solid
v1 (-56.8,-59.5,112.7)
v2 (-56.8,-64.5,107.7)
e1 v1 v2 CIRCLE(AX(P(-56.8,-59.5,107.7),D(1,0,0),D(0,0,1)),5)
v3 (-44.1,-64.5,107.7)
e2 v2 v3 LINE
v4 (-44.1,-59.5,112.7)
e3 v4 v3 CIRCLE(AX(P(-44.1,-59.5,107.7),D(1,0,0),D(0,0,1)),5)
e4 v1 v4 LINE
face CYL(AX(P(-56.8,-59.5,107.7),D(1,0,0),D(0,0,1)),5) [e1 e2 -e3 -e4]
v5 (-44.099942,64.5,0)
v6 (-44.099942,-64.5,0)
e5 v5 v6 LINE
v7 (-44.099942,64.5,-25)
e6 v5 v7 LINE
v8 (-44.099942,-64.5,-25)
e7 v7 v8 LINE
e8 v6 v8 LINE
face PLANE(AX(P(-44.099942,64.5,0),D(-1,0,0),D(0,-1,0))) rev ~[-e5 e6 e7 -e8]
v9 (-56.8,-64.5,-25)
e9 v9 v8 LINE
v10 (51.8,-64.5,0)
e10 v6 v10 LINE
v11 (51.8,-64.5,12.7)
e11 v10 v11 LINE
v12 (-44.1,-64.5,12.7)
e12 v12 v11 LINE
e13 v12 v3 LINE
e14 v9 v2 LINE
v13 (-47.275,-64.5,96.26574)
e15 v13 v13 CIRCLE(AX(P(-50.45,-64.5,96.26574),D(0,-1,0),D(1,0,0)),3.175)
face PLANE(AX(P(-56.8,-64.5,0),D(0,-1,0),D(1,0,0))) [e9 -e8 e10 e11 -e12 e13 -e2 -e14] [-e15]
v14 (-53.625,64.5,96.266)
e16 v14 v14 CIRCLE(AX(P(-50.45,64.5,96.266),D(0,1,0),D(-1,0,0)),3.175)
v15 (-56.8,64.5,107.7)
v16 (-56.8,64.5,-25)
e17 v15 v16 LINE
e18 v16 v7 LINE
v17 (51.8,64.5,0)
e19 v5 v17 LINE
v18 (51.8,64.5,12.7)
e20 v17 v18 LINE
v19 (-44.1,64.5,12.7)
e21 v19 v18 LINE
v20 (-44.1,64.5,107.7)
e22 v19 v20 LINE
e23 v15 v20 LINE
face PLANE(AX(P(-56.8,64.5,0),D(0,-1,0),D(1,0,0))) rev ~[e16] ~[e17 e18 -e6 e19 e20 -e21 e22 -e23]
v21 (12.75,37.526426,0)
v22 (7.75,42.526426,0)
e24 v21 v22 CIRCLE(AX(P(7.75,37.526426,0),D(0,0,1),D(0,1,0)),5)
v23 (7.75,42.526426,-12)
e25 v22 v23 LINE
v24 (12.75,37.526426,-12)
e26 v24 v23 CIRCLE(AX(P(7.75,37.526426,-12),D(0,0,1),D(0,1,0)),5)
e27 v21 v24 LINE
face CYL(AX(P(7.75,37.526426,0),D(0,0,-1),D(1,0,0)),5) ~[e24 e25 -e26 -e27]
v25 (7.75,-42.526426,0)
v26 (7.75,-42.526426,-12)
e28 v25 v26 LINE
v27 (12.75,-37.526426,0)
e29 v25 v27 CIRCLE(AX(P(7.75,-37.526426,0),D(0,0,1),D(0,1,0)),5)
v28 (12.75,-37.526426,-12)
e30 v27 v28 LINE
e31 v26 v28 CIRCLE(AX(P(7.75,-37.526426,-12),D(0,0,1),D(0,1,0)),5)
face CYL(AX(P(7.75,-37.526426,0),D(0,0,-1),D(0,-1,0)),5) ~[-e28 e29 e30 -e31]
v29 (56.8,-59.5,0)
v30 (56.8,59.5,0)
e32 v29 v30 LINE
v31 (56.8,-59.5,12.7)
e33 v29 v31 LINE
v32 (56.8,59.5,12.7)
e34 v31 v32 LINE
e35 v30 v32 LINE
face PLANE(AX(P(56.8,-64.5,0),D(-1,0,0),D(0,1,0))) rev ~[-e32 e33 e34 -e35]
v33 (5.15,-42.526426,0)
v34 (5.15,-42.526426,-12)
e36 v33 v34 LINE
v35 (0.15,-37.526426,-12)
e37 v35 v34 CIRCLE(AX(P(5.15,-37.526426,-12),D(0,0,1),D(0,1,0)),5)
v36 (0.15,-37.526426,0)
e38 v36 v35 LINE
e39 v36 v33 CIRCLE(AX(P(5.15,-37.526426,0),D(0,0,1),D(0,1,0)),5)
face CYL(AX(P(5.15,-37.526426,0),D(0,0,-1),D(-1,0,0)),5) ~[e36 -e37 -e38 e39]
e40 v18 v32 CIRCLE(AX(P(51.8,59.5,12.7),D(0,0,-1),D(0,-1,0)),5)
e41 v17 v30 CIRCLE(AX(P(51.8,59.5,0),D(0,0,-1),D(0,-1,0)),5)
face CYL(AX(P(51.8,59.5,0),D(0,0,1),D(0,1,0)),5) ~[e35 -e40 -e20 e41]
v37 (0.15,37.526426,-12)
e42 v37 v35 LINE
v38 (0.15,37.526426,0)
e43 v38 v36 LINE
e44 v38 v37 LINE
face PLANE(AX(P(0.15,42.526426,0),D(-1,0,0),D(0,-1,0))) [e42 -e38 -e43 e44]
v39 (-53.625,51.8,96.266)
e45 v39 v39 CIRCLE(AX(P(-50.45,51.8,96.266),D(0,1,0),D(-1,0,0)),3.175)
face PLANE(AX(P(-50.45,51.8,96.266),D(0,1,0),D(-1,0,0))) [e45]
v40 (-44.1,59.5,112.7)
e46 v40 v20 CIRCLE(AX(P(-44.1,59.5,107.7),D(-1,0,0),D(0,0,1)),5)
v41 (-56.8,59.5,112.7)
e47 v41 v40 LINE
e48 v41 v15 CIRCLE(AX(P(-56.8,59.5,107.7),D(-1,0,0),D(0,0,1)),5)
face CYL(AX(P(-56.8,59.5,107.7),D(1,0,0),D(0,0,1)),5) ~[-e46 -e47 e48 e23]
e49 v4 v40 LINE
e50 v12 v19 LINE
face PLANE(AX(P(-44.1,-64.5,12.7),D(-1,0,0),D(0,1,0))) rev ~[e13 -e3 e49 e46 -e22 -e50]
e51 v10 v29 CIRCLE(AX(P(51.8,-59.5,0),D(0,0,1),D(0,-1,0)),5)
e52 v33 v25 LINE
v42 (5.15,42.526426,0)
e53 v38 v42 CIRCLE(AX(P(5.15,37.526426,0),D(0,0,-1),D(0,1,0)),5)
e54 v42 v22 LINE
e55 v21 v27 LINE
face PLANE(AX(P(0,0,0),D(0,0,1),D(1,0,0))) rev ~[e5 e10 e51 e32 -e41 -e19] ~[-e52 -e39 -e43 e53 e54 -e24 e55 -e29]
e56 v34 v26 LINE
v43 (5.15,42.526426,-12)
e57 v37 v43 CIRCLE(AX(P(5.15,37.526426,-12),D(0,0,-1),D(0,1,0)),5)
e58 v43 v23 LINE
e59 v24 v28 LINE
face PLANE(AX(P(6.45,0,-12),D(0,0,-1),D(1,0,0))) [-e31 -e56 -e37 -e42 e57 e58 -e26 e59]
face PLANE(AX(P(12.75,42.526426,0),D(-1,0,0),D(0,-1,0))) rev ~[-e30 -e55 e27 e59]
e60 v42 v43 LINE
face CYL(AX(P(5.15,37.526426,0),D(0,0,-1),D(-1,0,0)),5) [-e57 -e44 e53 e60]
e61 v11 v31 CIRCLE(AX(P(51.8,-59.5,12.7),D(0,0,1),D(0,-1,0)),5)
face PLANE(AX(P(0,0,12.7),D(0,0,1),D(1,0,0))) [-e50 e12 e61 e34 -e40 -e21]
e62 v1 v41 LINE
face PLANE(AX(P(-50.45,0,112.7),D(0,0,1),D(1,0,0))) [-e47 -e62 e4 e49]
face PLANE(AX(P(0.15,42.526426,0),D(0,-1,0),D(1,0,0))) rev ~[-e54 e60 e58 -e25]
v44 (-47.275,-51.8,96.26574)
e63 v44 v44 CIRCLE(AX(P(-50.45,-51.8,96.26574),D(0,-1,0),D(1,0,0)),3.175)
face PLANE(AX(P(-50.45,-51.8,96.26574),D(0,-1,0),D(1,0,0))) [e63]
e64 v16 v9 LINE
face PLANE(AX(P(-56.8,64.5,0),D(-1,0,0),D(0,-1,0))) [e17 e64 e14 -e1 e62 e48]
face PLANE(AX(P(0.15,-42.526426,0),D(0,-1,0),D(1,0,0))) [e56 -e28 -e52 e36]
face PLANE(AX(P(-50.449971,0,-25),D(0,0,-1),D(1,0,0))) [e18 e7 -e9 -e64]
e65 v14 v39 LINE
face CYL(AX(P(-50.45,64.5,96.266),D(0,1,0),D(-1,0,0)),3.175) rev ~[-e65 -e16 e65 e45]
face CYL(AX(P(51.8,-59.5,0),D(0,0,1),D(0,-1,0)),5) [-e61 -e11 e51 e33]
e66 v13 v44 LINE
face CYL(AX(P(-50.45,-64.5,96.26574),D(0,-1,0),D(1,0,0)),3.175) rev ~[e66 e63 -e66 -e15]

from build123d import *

# Parameters (mm, degrees)
F0_W      = 113.6
F0_H      = 129
F1_DEPTH  = 12.7
F2_W      = 12.7
F2_H      = 129
F3_DEPTH  = 100
F4_R      = 3.175
F5_DEPTH  = 12.7
F6_R      = 5
F7_W      = 12.700058
F7_H      = 129
F8_DEPTH  = 25
F9_W      = 12.6
F9_H      = 85.052852
F10_DEPTH = 12
F11_R     = 5
F12_R     = 3.175
F13_DEPTH = 12.7


with BuildPart() as f1:
    # F0 (on Top) → F1 (new body)
    with BuildSketch(Plane.XY):
        Rectangle(F0_W, F0_H)
    extrude(amount=F1_DEPTH)

    # F2 (on face) → F3 (join)
    with BuildSketch(Plane.XY.offset(12.7)):
        with Locations((-50.45, 0)):
            Rectangle(F2_W, F2_H)
    extrude(amount=F3_DEPTH)

    # F4 (on face) → F5 (cut)
    with BuildSketch(Plane.XZ.offset(64.5)):
        with Locations((-50.45, 96.26574)):
            Circle(F4_R)
    extrude(amount=-F5_DEPTH, mode=Mode.SUBTRACT)

    # F6
    f6_edges = [f1.edges().sort_by_distance(p)[0] for p in [
        (-50.45, -64.5, 112.7),
        (-50.45, 64.5, 112.7),
        (56.8, -64.5, 6.35),
        (56.8, 64.5, 6.35),
    ]]
    fillet(f6_edges, radius=F6_R)

    # F7 (on face) → F8 (join)
    with BuildSketch(Plane(origin=(0, 0, 0), x_dir=(1, 0, 0), z_dir=(0, 0, -1))):
        with Locations((-50.449971, 0)):
            Rectangle(F7_W, F7_H)
    extrude(amount=F8_DEPTH)

    # F9 (on face) → F10 (join)
    with BuildSketch(Plane(origin=(0, 0, 0), x_dir=(1, 0, 0), z_dir=(0, 0, -1))):
        with Locations((6.45, 0)):
            Rectangle(F9_W, F9_H)
    extrude(amount=F10_DEPTH)

    # F11
    f11_edges = [f1.edges().sort_by_distance(p)[0] for p in [
        (0.15, -42.526426, -6),
        (12.75, -42.526426, -6),
        (0.15, 42.526426, -6),
        (12.75, 42.526426, -6),
    ]]
    fillet(f11_edges, radius=F11_R)

    # F12 (on face) → F13 (cut)
    with BuildSketch(Plane(origin=(0, 64.5, 0), x_dir=(-1, 0, 0), z_dir=(0, 1, 0))):
        with Locations((50.45, 96.266)):
            Circle(F12_R)
    extrude(amount=-F13_DEPTH, mode=Mode.SUBTRACT)


solid = f1.part
